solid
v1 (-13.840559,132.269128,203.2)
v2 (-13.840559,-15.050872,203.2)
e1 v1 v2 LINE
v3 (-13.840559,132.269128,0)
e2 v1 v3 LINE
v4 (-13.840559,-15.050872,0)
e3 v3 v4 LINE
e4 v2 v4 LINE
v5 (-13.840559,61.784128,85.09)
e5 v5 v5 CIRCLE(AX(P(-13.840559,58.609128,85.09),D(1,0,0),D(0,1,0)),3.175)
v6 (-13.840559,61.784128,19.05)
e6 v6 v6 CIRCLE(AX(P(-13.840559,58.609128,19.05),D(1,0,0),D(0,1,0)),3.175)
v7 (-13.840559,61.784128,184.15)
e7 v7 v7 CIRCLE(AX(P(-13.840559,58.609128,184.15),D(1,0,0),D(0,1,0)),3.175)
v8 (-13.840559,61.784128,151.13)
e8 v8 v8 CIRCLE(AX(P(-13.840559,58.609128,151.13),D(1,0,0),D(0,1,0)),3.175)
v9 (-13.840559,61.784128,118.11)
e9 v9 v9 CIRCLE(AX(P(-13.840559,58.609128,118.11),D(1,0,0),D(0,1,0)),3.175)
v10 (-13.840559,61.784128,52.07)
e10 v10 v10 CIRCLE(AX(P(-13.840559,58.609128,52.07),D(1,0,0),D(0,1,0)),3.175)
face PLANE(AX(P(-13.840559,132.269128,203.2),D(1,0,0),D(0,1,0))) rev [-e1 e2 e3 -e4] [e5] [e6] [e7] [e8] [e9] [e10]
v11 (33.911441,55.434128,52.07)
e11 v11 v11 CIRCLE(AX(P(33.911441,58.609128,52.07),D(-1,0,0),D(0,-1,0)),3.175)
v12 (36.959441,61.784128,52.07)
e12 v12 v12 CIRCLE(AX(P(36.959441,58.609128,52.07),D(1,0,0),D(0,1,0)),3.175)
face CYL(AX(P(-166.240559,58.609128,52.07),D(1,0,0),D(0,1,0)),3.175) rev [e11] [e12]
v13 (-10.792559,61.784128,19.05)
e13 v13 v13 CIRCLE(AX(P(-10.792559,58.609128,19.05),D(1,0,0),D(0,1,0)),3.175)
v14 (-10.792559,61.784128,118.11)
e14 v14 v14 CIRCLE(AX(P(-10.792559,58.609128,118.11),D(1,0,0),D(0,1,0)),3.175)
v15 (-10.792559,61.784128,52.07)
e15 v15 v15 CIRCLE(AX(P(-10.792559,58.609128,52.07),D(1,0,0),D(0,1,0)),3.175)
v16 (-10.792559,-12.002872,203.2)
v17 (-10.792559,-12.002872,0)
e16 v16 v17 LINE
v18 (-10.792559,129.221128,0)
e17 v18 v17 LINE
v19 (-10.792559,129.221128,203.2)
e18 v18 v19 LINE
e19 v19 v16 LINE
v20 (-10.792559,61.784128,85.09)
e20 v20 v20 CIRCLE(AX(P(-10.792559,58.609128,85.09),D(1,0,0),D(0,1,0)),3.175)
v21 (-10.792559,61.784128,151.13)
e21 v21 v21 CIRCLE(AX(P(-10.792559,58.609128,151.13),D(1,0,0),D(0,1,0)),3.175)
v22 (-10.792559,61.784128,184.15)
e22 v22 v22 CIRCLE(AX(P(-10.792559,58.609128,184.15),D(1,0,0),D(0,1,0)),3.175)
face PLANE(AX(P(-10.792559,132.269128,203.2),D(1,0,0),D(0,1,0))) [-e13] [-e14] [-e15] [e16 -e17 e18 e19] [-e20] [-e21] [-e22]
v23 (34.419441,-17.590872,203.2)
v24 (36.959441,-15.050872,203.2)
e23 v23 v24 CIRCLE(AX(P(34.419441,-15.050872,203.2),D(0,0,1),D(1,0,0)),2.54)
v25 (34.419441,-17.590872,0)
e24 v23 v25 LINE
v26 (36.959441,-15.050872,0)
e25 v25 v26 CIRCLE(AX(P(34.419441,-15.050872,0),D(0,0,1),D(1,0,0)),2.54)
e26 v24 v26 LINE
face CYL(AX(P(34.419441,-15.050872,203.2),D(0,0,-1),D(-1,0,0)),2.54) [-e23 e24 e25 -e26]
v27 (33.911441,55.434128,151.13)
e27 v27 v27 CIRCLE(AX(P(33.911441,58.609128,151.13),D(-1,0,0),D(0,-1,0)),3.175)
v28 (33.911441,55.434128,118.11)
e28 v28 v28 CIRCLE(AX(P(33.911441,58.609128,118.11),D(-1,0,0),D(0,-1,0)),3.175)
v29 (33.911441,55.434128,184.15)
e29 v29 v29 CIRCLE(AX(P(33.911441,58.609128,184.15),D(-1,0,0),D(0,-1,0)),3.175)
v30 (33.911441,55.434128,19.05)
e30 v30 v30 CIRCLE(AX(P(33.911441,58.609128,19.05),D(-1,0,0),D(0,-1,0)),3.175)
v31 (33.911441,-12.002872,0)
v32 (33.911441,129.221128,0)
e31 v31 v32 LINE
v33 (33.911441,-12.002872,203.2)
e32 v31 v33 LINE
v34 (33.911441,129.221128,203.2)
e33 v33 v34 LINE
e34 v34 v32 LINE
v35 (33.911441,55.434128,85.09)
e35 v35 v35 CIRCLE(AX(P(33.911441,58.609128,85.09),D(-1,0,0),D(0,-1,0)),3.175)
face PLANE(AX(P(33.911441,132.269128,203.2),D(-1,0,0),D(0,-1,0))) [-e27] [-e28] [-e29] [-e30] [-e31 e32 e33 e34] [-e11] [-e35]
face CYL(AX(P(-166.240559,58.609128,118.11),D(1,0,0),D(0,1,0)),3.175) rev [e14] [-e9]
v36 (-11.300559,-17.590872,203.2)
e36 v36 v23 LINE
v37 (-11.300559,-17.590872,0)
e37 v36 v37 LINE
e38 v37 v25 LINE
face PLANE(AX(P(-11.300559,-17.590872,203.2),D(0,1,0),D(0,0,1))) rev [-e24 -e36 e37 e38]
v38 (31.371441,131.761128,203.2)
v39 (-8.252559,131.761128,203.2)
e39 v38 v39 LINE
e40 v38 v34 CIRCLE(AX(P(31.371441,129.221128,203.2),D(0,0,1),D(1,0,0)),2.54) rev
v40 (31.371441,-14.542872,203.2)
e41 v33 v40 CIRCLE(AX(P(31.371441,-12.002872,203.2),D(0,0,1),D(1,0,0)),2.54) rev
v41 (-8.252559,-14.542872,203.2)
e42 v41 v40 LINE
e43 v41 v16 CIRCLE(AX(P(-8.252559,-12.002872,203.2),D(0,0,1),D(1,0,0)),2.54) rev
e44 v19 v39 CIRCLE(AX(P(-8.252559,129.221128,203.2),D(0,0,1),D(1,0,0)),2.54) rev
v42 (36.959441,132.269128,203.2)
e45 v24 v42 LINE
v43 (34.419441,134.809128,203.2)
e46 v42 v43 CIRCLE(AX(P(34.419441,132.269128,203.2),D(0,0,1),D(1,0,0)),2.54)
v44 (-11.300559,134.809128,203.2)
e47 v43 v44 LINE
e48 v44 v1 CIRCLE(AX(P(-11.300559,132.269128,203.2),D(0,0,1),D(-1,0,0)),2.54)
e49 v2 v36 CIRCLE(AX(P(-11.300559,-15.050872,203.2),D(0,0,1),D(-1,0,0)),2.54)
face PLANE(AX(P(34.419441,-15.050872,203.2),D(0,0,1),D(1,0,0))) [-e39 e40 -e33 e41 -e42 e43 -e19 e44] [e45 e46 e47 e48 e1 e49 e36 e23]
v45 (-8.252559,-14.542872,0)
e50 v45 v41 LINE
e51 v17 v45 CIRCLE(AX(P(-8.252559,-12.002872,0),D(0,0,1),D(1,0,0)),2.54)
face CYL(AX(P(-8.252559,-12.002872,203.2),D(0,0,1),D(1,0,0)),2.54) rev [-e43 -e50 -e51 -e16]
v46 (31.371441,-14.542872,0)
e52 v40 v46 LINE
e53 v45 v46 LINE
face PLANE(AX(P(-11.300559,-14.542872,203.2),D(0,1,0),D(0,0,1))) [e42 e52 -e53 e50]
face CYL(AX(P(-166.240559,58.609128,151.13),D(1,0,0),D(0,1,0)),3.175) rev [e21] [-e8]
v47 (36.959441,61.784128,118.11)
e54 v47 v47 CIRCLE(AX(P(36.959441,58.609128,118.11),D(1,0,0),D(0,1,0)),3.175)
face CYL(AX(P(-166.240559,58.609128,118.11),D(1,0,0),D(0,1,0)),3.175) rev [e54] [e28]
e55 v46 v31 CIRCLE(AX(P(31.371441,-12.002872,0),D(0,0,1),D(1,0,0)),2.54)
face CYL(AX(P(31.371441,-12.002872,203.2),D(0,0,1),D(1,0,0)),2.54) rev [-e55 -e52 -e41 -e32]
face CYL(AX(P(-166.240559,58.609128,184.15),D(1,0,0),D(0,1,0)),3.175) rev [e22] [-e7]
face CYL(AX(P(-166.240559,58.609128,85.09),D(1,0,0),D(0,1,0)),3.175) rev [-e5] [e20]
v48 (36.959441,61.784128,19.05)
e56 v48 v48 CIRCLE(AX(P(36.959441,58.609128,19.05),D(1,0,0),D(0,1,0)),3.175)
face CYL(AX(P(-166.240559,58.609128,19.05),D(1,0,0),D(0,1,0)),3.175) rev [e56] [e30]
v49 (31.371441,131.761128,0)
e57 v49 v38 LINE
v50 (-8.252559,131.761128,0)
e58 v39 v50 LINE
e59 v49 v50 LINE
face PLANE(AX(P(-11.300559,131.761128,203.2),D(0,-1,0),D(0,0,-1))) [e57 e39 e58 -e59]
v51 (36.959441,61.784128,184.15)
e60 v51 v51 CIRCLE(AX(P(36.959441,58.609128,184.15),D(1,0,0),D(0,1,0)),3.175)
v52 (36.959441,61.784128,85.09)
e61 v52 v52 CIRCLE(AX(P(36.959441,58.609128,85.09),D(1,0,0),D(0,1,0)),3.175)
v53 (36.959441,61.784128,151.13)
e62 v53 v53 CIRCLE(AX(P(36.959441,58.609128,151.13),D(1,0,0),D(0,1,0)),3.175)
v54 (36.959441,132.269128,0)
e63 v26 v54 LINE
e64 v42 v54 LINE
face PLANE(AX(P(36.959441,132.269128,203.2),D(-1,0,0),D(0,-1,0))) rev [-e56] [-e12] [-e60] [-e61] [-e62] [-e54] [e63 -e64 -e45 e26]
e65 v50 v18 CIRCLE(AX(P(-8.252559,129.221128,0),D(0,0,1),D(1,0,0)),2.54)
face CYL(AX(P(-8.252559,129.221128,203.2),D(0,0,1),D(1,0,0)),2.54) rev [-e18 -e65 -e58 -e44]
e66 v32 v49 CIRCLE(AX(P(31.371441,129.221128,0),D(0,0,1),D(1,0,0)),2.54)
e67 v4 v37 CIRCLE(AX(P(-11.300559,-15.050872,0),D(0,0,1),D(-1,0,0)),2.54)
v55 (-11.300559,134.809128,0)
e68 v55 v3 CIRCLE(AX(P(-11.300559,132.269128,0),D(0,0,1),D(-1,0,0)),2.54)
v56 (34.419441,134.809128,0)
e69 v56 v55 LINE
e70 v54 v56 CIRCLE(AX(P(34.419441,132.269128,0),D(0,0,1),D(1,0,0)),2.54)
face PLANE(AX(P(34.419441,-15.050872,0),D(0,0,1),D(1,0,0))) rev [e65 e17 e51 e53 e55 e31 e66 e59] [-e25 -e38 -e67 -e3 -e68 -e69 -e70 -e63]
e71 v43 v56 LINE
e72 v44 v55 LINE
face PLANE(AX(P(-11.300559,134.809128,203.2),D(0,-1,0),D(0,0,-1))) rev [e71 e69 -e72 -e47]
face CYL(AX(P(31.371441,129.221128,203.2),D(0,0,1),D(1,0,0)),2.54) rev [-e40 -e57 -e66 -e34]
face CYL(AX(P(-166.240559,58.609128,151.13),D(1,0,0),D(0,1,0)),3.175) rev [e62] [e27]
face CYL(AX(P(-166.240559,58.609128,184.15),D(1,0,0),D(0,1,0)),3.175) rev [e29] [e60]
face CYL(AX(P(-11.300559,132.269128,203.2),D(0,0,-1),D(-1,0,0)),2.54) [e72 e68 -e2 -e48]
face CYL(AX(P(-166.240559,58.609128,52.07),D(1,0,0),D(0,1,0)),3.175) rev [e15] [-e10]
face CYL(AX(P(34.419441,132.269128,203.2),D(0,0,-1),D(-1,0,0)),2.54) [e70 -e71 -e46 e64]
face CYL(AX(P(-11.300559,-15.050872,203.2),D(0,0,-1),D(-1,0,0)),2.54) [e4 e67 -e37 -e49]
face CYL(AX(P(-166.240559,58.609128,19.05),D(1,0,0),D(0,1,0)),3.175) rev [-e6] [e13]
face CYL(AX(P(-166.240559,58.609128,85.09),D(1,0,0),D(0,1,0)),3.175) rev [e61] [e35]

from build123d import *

# Parameters (mm, degrees)
BOSS_EXTRUDE1_DEPTH = 203.2
SHELL1_T            = -3.048
FILLET1_R           = 2.54
SKETCH2_R           = 3.175
CUT_EXTRUDE1_DEPTH  = 203.2


with BuildPart() as part:
    # Sketch1 → Boss-Extrude1 (new body)
    with BuildSketch(Plane.XY):
        with BuildLine():
            Line((-11.300558575, 134.809128263), (34.419441425, 134.809128263))
            ThreePointArc((34.419441425, 134.809128263), (36.215492649, 134.065179487), (36.959441425, 132.269128263))
            Line((36.959441425, 132.269128263), (36.959441425, -15.050871737))
            ThreePointArc((36.959441425, -15.050871737), (36.215492649, -16.846922961), (34.419441425, -17.590871737))
            Line((34.419441425, -17.590871737), (-11.300558575, -17.590871737))
            ThreePointArc((-11.300558575, -17.590871737), (-13.096609799, -16.846922961), (-13.840558575, -15.050871737))
            Line((-13.840558575, -15.050871737), (-13.840558575, 132.269128263))
            ThreePointArc((-13.840558575, 132.269128263), (-13.096609799, 134.065179487), (-11.300558575, 134.809128263))
        make_face()
    extrude(amount=BOSS_EXTRUDE1_DEPTH)

    # Shell1
    shell1_openings = [part.faces().sort_by_distance(p)[0] for p in [
        (11.559441425, 58.609128263, 203.2),
        (11.559441425, 58.609128263, 0),
    ]]
    offset(amount=SHELL1_T, openings=shell1_openings, kind=Kind.INTERSECTION)

    # Fillet1
    fillet1_edges = [part.edges().sort_by_distance(p)[0] for p in [
        (33.911441425, -14.542871737, 101.6),
        (33.911441425, 131.761128263, 101.6),
        (-10.792558575, 131.761128263, 101.6),
        (-10.792558575, -14.542871737, 101.6),
    ]]
    fillet(fillet1_edges, radius=FILLET1_R)

    # Sketch2 → Cut-Extrude1 (cut)
    with BuildSketch(Plane(origin=(36.959441425, 0, 0), x_dir=(0, 0, -1), z_dir=(1, 0, 0))):
        with Locations(Location((-52.07, 58.609128263, 0), (0, 0, 90))):
            Circle(SKETCH2_R)
        with Locations(Location((-85.09, 58.609128263, 0), (0, 0, 90))):
            Circle(SKETCH2_R)
        with Locations(Location((-118.11, 58.609128263, 0), (0, 0, 90))):
            Circle(SKETCH2_R)
        with Locations(Location((-151.13, 58.609128263, 0), (0, 0, 90))):
            Circle(SKETCH2_R)
        with Locations(Location((-184.15, 58.609128263, 0), (0, 0, 90))):
            Circle(SKETCH2_R)
        with Locations(Location((-19.05, 58.609128263, 0), (0, 0, 90))):
            Circle(SKETCH2_R)
    extrude(amount=-CUT_EXTRUDE1_DEPTH, mode=Mode.SUBTRACT)


solid = part.part
